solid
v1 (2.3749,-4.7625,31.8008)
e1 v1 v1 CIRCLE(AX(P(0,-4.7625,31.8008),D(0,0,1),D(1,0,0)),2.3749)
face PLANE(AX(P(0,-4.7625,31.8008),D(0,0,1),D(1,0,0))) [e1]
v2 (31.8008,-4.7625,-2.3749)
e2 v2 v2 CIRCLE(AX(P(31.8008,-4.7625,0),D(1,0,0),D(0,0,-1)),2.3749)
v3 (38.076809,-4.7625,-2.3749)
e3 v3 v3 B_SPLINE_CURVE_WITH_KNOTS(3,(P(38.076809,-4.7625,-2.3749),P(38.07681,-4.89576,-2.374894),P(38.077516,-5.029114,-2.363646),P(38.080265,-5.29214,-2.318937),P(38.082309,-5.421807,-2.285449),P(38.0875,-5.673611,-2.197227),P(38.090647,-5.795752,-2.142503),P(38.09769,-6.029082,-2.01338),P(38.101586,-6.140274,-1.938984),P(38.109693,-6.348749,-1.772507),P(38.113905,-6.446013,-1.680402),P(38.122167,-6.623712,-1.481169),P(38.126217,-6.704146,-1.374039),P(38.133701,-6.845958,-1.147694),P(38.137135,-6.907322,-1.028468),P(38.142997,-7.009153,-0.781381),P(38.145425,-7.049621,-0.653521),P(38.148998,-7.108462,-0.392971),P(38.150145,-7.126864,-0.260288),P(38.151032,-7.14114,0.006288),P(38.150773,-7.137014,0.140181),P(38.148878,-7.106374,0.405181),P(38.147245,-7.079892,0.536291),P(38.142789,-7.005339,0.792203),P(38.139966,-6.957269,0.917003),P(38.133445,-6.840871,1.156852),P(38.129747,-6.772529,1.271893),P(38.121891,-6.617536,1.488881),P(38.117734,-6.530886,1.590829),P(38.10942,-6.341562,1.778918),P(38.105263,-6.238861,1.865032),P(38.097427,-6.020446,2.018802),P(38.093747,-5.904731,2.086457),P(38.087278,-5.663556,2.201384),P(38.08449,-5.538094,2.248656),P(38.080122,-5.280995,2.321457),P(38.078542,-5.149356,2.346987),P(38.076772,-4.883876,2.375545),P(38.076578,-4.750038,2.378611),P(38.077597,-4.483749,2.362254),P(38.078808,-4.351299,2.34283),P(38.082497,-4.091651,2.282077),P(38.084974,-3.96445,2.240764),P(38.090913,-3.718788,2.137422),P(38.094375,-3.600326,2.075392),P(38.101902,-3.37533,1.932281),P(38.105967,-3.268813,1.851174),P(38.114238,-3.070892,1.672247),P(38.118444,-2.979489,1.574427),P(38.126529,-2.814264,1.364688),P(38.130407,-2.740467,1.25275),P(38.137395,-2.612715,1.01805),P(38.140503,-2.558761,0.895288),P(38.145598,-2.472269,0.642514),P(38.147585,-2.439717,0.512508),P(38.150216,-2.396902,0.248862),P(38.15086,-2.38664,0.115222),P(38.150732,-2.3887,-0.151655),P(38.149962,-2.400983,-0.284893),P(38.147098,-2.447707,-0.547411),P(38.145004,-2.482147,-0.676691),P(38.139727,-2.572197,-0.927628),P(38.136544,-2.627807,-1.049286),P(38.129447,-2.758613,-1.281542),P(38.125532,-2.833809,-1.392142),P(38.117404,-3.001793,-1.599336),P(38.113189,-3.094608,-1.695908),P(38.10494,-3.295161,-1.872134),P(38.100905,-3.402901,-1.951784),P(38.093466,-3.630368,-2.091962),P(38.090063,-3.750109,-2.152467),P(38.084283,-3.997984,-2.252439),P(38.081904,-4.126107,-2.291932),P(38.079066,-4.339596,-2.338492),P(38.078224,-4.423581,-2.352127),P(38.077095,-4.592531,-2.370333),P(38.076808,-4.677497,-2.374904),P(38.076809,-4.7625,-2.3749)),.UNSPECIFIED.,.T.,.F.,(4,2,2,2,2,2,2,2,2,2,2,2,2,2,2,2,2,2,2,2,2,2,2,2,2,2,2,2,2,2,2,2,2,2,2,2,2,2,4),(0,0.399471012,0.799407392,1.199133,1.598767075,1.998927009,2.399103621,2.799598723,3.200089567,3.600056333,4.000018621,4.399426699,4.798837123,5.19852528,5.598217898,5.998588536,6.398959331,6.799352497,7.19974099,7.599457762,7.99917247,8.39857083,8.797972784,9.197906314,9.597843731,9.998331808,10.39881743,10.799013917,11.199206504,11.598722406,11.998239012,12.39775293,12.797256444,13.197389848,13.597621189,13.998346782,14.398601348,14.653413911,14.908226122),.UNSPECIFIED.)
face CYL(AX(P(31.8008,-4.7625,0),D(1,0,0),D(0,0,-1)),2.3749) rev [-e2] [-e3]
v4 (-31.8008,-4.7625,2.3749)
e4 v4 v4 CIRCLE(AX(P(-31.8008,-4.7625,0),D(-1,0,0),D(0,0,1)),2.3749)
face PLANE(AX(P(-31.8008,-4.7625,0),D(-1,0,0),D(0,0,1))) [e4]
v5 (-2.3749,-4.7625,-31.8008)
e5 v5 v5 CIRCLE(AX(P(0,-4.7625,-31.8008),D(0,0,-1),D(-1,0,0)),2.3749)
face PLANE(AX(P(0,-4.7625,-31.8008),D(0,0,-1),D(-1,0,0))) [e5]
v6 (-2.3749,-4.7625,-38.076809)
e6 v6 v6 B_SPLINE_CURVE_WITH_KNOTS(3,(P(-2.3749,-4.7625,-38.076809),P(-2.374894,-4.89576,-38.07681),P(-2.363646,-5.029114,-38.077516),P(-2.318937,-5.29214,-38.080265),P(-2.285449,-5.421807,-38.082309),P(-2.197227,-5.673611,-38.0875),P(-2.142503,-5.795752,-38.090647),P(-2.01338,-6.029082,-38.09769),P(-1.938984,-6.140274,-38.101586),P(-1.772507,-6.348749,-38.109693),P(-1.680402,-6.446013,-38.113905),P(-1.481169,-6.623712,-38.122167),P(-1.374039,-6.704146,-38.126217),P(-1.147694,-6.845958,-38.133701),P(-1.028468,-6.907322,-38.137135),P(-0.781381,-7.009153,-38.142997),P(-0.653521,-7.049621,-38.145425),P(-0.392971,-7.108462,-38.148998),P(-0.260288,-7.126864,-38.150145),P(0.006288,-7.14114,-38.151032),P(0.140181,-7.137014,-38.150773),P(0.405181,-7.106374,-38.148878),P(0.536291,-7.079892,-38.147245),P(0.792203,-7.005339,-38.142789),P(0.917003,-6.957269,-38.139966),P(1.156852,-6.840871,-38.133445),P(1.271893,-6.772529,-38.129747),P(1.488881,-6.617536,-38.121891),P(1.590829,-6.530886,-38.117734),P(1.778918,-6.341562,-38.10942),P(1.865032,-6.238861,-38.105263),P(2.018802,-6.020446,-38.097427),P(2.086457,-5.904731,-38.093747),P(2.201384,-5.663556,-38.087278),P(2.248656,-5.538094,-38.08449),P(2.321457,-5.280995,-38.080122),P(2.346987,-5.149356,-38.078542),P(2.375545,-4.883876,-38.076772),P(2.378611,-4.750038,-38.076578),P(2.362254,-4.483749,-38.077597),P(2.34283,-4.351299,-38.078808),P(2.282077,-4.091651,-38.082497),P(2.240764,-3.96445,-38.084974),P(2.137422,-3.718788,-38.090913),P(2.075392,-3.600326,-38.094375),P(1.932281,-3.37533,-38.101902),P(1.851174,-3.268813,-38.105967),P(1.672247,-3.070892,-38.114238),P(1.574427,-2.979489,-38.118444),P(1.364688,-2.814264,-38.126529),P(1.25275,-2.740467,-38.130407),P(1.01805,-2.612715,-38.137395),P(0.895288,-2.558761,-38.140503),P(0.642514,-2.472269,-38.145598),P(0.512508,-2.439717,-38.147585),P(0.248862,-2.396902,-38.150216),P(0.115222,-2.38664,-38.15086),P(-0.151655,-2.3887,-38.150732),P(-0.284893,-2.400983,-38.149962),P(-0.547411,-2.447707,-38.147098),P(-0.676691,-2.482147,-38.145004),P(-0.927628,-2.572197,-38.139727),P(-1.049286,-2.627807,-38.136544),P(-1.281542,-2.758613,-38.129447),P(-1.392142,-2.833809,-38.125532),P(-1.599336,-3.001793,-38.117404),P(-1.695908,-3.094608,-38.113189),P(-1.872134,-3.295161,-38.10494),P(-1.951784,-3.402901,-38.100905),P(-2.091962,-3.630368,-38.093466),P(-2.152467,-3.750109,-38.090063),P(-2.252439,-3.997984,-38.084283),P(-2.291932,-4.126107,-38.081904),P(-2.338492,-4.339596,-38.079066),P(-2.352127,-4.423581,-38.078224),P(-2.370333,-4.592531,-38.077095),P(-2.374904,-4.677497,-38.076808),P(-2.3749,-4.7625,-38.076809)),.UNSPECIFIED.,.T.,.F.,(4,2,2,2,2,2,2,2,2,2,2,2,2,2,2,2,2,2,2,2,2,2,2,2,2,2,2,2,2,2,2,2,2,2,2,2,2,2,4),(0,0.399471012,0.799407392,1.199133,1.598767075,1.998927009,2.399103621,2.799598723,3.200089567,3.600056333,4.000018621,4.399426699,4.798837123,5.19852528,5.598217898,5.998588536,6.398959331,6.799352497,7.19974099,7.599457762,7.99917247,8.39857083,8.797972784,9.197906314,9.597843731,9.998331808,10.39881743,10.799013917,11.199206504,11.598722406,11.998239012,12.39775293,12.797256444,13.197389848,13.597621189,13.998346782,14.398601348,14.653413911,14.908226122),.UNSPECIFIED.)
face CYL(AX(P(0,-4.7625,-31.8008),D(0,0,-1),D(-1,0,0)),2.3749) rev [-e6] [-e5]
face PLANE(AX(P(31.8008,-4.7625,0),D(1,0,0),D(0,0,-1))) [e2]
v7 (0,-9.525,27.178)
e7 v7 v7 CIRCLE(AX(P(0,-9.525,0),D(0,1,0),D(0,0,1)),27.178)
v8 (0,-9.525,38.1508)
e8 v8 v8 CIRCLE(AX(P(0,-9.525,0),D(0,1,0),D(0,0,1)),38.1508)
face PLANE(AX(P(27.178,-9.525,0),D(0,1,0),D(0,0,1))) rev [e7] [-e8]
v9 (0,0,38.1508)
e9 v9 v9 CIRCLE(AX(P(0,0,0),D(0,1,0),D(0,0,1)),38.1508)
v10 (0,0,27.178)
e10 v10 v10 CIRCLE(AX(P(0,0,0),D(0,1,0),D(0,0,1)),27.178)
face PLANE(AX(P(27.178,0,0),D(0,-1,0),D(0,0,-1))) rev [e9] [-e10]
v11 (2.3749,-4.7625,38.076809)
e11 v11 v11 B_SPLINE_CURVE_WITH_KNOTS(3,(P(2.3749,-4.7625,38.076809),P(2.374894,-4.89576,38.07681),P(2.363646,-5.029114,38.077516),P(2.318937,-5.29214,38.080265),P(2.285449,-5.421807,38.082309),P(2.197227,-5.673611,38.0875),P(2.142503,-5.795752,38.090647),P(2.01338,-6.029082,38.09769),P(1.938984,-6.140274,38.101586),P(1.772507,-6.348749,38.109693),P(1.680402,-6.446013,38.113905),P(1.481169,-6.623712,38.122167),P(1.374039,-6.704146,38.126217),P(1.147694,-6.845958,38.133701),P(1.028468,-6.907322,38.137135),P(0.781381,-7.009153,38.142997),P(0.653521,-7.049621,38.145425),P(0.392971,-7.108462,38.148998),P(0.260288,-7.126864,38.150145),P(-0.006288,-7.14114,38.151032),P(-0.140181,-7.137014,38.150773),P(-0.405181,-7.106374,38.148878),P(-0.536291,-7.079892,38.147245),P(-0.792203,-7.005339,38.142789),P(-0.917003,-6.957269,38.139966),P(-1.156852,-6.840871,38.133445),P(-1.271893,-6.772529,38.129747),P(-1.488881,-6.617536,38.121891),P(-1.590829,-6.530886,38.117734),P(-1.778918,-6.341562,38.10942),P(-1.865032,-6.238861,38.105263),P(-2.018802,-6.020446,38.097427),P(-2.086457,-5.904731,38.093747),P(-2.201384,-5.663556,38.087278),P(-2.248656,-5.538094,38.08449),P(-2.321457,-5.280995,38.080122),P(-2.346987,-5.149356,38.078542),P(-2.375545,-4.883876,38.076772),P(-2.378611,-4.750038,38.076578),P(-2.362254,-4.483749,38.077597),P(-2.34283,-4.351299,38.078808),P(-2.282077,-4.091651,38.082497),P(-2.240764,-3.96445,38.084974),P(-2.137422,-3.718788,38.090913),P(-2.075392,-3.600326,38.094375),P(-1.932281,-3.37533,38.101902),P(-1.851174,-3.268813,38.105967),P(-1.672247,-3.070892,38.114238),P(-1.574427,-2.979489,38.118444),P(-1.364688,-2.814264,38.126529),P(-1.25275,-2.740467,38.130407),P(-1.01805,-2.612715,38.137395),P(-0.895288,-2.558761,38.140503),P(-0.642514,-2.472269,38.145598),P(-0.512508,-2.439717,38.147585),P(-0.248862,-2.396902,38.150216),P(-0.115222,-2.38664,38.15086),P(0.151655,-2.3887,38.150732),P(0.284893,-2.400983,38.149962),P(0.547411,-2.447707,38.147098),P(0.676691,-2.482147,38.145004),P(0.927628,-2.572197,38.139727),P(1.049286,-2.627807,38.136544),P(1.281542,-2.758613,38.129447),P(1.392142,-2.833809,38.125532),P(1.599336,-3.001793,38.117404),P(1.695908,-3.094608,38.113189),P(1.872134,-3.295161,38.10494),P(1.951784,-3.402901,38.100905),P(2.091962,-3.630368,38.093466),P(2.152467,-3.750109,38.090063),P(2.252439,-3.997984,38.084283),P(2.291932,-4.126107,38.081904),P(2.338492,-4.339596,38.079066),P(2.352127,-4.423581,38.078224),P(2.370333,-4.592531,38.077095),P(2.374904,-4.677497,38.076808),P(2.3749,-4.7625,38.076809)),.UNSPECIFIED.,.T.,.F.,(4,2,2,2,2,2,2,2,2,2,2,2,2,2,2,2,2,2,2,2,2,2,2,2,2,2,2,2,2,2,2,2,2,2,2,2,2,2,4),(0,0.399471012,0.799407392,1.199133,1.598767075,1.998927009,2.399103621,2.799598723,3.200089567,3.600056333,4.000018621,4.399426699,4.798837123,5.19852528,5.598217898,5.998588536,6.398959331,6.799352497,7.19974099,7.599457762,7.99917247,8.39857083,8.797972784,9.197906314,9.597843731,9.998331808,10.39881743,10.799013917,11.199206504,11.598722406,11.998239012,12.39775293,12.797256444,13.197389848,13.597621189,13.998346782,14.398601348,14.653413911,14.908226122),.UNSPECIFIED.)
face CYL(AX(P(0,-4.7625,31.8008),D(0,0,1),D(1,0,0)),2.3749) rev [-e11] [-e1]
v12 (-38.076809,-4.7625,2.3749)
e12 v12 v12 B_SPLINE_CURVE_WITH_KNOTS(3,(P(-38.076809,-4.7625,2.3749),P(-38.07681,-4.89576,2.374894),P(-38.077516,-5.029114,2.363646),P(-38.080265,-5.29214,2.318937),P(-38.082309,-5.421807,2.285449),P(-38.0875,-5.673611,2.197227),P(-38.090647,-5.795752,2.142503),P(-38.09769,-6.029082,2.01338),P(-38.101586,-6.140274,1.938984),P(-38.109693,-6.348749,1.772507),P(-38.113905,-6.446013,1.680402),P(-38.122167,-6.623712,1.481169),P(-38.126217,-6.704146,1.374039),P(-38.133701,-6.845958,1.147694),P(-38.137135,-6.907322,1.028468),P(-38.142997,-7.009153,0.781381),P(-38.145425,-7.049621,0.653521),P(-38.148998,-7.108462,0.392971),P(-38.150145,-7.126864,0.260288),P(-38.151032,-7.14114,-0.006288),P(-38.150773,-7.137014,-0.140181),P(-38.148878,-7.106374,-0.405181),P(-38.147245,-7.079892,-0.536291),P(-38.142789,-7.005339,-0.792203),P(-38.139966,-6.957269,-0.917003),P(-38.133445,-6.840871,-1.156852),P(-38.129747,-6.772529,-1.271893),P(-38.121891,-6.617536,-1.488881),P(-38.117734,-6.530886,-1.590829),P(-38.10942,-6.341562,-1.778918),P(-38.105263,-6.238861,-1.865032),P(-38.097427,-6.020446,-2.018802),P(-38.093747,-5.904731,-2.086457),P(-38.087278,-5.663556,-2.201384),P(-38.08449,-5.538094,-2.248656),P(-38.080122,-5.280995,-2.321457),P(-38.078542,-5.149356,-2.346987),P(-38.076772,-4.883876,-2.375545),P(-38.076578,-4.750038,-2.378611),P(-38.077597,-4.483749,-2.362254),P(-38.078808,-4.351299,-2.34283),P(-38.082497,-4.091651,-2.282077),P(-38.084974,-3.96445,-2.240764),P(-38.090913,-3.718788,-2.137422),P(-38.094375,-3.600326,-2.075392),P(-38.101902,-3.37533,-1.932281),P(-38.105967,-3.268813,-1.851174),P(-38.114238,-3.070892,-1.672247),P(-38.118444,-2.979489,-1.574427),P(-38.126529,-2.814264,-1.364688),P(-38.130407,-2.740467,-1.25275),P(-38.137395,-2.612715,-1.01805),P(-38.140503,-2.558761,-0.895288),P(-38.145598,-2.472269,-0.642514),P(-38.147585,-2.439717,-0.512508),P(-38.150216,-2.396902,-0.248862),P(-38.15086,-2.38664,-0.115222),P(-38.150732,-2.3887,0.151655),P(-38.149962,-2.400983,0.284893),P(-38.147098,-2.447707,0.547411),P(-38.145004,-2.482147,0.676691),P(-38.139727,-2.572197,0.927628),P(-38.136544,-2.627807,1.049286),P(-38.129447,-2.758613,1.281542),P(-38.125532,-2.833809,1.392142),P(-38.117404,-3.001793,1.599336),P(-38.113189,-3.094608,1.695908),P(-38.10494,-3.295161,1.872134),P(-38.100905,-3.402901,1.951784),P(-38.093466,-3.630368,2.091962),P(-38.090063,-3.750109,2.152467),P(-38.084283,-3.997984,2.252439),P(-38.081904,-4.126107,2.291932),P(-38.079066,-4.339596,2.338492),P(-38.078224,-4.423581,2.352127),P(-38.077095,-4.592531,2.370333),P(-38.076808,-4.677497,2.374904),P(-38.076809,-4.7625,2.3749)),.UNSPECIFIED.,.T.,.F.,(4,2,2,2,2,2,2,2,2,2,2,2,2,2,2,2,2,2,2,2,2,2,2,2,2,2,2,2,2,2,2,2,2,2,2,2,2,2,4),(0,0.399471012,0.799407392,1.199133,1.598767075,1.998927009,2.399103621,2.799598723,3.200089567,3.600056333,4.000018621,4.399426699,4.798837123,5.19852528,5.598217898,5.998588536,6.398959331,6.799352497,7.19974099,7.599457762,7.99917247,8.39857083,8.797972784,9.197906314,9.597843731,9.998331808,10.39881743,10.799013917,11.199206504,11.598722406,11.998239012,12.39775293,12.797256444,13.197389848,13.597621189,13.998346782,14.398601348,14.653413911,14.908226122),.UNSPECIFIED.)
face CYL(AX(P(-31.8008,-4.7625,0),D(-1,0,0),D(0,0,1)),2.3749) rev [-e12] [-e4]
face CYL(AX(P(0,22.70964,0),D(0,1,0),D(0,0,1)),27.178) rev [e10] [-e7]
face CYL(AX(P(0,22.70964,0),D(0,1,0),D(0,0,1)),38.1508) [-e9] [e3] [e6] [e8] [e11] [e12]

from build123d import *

# Parameters (mm, degrees)
SKETCH1_W          = 10.9728
SKETCH1_H          = 9.525
SKETCH2_R          = 2.3749
CUT_EXTRUDE1_DEPTH = 6.35
CIRPATTERN1_COUNT  = 4


with BuildPart() as part:
    # Sketch1 → Revolve1 (revolve)
    with BuildSketch(Plane.XY):
        with Locations((32.6644, -4.7625)):
            Rectangle(SKETCH1_W, SKETCH1_H)
    revolve(axis=Axis((0, 22.709640493, 0), (0, -1, 0)))

    # Sketch2 → Cut-Extrude1 (cut)
    with BuildSketch(Plane.ZY.offset(38.1508)):
        with Locations((0, -4.7625)):
            Circle(SKETCH2_R)
    cut_extrude1 = extrude(amount=-CUT_EXTRUDE1_DEPTH, mode=Mode.SUBTRACT)

    # CirPattern1: Cut-Extrude1 ×4 about axis
    cirpattern1_axis = Axis((0, -10.00125, 0), (0, 1, 0))
    for i in range(1, CIRPATTERN1_COUNT):
        add(cut_extrude1.rotate(cirpattern1_axis, i * 360 / CIRPATTERN1_COUNT), mode=Mode.SUBTRACT)


solid = part.part
